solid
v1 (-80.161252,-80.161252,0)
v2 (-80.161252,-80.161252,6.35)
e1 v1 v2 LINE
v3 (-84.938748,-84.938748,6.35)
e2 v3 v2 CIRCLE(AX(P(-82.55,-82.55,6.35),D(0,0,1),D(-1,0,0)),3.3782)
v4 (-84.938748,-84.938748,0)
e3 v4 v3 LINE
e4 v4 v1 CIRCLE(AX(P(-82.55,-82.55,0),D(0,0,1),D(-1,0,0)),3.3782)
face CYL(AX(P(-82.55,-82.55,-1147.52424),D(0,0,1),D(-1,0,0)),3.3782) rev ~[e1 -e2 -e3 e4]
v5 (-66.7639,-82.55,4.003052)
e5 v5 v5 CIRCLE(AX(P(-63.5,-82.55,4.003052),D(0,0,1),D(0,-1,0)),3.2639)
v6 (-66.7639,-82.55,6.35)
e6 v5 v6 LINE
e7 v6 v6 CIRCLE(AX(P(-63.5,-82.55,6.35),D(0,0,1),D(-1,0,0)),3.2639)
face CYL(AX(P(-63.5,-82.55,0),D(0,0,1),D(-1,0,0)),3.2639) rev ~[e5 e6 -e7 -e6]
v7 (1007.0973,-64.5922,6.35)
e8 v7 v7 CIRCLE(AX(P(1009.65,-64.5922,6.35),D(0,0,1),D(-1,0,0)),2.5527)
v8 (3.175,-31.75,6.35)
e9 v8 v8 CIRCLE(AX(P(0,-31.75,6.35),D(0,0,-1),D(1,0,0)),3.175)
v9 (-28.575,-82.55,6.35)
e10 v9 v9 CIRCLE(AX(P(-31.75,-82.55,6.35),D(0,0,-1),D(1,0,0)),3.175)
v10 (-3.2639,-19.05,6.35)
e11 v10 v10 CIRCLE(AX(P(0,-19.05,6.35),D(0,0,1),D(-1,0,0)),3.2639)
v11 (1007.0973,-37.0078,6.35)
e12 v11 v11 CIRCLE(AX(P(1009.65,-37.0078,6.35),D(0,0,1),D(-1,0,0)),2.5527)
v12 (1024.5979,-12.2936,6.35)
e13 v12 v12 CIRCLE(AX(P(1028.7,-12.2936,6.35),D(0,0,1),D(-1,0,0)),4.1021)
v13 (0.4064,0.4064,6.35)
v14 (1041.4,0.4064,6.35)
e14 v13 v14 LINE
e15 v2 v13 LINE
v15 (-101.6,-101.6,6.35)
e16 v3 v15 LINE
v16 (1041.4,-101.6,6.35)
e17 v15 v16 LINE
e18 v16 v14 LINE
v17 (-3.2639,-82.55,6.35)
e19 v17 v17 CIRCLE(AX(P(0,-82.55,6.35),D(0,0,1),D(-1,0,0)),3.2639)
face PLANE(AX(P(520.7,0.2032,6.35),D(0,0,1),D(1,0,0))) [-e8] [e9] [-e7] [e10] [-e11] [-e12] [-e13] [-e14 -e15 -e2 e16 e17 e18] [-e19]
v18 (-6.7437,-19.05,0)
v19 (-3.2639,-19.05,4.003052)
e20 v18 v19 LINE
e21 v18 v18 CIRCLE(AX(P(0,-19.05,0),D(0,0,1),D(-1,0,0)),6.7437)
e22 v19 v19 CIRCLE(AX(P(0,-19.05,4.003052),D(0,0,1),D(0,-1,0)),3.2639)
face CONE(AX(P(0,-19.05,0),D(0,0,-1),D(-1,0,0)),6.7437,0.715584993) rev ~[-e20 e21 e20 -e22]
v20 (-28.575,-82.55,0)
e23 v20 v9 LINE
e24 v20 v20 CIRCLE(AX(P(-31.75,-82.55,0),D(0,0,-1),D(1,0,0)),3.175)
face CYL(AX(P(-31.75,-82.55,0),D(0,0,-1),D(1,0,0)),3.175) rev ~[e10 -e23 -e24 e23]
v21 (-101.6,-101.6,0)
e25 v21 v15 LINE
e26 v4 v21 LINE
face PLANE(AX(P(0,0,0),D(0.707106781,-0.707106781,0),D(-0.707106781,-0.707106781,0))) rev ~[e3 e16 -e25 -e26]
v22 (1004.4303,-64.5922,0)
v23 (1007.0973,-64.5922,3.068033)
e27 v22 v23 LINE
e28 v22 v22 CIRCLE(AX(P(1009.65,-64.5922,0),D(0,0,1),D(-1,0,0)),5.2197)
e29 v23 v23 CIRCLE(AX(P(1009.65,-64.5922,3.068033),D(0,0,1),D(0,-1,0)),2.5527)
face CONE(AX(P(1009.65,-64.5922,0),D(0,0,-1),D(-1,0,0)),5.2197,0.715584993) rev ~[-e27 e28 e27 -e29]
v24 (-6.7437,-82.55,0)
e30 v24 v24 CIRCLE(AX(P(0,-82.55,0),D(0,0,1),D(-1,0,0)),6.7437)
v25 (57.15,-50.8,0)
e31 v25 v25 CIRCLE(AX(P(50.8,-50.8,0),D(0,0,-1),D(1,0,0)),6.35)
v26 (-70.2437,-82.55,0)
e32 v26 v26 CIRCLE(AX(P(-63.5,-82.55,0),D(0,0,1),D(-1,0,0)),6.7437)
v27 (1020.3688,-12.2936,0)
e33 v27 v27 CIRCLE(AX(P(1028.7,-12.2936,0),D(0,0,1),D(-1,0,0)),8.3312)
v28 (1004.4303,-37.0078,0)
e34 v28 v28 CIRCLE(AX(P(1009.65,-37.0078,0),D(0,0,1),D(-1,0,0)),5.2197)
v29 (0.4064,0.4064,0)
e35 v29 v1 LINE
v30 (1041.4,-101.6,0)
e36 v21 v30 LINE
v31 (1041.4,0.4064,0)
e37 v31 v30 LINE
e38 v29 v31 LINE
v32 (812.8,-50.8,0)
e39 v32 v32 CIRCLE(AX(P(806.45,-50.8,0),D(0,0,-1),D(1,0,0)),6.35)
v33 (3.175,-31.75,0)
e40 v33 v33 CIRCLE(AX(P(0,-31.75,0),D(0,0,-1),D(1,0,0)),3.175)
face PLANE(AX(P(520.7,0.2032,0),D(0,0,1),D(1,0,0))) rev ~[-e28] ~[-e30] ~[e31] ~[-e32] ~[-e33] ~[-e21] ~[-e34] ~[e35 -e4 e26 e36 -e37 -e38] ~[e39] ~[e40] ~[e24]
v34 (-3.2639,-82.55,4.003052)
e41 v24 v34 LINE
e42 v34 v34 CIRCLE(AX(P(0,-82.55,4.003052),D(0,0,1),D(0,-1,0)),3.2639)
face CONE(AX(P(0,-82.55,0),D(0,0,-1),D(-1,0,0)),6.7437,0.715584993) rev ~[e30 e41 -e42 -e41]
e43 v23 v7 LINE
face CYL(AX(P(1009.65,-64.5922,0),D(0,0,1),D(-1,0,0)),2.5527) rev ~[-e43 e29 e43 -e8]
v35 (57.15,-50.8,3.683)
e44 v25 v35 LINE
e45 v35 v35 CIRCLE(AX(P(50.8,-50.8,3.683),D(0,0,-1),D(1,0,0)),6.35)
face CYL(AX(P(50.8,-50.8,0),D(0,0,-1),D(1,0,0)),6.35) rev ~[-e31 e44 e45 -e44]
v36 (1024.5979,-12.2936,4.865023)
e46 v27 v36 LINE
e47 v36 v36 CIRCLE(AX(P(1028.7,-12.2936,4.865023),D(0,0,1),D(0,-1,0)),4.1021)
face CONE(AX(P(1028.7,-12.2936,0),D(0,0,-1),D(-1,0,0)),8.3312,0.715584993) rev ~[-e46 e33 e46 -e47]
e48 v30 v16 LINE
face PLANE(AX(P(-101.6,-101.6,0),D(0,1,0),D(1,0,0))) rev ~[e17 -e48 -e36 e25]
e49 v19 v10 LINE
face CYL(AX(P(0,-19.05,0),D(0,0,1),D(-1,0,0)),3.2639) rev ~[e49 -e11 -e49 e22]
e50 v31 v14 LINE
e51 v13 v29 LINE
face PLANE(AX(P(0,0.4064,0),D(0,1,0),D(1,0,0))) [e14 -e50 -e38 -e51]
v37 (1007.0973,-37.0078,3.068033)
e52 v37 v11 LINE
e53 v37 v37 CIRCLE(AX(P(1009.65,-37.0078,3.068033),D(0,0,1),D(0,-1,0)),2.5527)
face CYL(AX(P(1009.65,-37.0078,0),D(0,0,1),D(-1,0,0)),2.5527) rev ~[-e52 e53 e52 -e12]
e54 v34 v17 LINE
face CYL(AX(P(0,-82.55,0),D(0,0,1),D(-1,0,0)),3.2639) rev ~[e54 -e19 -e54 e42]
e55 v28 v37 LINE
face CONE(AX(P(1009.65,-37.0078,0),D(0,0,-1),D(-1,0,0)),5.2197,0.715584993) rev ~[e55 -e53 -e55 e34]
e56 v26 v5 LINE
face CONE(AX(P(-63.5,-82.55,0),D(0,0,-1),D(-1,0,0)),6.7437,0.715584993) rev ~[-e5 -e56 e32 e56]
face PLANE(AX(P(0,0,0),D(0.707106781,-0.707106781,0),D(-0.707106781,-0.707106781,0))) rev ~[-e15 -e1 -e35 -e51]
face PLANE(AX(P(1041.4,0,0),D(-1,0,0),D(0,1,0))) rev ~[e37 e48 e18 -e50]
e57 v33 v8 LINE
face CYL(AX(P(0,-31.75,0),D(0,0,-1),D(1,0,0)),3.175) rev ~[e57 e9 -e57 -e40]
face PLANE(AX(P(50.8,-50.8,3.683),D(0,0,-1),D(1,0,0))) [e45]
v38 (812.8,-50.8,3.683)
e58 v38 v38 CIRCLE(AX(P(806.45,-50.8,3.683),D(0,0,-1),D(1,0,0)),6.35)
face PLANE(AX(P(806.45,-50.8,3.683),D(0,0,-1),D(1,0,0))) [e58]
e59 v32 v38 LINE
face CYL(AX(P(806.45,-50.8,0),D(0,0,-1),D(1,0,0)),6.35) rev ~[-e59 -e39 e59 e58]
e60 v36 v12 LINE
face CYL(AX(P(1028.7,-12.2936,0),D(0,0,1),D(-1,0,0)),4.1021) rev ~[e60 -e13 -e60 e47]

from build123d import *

# Parameters (mm, degrees)
F1_DEPTH        = 6.35
F3_D            = 6.5278
F3_CSINK_D      = 13.4874
F3_CSINK_ANGLE  = 82
F4_R            = 6.35
F5_DEPTH        = 3.683
F7_D            = 5.1054
F7_CSINK_D      = 10.4394
F7_CSINK_ANGLE  = 82
F9_D            = 6.7564
F10_R           = 3.175
F11_DEPTH       = 6.351
F12_W           = 1041.4
F12_H           = 0.4064
F13_DEPTH       = 6.35
F15_DEPTH       = 25.4
F17_D           = 8.2042
F17_CSINK_D     = 16.6624
F17_CSINK_ANGLE = 82


with BuildPart() as f1:
    # F0 (on Top) → F1 (new body)
    with BuildSketch(Plane.XY):
        Polygon((1041.4, 0), (0, 0), (-101.6, -101.6), (1041.4, -101.6), align=None)
    extrude(amount=F1_DEPTH)

    # F3 (through all)
    with Locations(Plane(origin=(0, 0, 0), x_dir=(1, 0, 0), z_dir=(0, 0, -1))):
        with Locations((-63.5, 82.55), (0, 82.55), (0, 19.05)):
            CounterSinkHole(F3_D / 2, F3_CSINK_D / 2, counter_sink_angle=F3_CSINK_ANGLE)

    # F4 (on face) → F5 (cut)
    with BuildSketch(Plane(origin=(0, 0, 0), x_dir=(1, 0, 0), z_dir=(0, 0, -1))):
        with Locations((50.8, 50.8)):
            Circle(F4_R)
        with Locations((806.45, 50.8)):
            Circle(F4_R)
    extrude(amount=-F5_DEPTH, mode=Mode.SUBTRACT)

    # F7 (through all)
    with Locations(Plane(origin=(0, 0, 0), x_dir=(1, 0, 0), z_dir=(0, 0, -1))):
        with Locations((1009.65, 64.5922), (1009.65, 37.0078)):
            CounterSinkHole(F7_D / 2, F7_CSINK_D / 2, counter_sink_angle=F7_CSINK_ANGLE)

    # F9 (through all)
    with Locations(Plane(origin=(0, 0, 0), x_dir=(1, 0, 0), z_dir=(0, 0, -1))):
        with Locations((-82.55, 82.55)):
            Hole(F9_D / 2)

    # F10 (on face) → F11 (cut, through all)
    with BuildSketch(Plane(origin=(0, 0, 0), x_dir=(1, 0, 0), z_dir=(0, 0, -1))):
        with Locations((-31.75, 82.55)):
            Circle(F10_R)
        with Locations((0, 31.75)):
            Circle(F10_R)
    extrude(amount=-F11_DEPTH, mode=Mode.SUBTRACT)

    # F12 (on Top) → F13 (join)
    with BuildSketch(Plane.XY):
        with Locations((520.7, 0.2032)):
            Rectangle(F12_W, F12_H)
    extrude(amount=F13_DEPTH)

    # F14 (on face) → F15 (cut)
    with BuildSketch(Plane.XY.offset(6.35)):
        Polygon((0, 0.4064), (0, 0), (0.4064, 0.4064), align=None)
    extrude(amount=-F15_DEPTH, mode=Mode.SUBTRACT)

    # F17 (through all)
    with Locations(Plane(origin=(0, 0, 0), x_dir=(1, 0, 0), z_dir=(0, 0, -1))):
        with Locations((1028.7, 12.2936)):
            CounterSinkHole(F17_D / 2, F17_CSINK_D / 2, counter_sink_angle=F17_CSINK_ANGLE)


solid = f1.part
